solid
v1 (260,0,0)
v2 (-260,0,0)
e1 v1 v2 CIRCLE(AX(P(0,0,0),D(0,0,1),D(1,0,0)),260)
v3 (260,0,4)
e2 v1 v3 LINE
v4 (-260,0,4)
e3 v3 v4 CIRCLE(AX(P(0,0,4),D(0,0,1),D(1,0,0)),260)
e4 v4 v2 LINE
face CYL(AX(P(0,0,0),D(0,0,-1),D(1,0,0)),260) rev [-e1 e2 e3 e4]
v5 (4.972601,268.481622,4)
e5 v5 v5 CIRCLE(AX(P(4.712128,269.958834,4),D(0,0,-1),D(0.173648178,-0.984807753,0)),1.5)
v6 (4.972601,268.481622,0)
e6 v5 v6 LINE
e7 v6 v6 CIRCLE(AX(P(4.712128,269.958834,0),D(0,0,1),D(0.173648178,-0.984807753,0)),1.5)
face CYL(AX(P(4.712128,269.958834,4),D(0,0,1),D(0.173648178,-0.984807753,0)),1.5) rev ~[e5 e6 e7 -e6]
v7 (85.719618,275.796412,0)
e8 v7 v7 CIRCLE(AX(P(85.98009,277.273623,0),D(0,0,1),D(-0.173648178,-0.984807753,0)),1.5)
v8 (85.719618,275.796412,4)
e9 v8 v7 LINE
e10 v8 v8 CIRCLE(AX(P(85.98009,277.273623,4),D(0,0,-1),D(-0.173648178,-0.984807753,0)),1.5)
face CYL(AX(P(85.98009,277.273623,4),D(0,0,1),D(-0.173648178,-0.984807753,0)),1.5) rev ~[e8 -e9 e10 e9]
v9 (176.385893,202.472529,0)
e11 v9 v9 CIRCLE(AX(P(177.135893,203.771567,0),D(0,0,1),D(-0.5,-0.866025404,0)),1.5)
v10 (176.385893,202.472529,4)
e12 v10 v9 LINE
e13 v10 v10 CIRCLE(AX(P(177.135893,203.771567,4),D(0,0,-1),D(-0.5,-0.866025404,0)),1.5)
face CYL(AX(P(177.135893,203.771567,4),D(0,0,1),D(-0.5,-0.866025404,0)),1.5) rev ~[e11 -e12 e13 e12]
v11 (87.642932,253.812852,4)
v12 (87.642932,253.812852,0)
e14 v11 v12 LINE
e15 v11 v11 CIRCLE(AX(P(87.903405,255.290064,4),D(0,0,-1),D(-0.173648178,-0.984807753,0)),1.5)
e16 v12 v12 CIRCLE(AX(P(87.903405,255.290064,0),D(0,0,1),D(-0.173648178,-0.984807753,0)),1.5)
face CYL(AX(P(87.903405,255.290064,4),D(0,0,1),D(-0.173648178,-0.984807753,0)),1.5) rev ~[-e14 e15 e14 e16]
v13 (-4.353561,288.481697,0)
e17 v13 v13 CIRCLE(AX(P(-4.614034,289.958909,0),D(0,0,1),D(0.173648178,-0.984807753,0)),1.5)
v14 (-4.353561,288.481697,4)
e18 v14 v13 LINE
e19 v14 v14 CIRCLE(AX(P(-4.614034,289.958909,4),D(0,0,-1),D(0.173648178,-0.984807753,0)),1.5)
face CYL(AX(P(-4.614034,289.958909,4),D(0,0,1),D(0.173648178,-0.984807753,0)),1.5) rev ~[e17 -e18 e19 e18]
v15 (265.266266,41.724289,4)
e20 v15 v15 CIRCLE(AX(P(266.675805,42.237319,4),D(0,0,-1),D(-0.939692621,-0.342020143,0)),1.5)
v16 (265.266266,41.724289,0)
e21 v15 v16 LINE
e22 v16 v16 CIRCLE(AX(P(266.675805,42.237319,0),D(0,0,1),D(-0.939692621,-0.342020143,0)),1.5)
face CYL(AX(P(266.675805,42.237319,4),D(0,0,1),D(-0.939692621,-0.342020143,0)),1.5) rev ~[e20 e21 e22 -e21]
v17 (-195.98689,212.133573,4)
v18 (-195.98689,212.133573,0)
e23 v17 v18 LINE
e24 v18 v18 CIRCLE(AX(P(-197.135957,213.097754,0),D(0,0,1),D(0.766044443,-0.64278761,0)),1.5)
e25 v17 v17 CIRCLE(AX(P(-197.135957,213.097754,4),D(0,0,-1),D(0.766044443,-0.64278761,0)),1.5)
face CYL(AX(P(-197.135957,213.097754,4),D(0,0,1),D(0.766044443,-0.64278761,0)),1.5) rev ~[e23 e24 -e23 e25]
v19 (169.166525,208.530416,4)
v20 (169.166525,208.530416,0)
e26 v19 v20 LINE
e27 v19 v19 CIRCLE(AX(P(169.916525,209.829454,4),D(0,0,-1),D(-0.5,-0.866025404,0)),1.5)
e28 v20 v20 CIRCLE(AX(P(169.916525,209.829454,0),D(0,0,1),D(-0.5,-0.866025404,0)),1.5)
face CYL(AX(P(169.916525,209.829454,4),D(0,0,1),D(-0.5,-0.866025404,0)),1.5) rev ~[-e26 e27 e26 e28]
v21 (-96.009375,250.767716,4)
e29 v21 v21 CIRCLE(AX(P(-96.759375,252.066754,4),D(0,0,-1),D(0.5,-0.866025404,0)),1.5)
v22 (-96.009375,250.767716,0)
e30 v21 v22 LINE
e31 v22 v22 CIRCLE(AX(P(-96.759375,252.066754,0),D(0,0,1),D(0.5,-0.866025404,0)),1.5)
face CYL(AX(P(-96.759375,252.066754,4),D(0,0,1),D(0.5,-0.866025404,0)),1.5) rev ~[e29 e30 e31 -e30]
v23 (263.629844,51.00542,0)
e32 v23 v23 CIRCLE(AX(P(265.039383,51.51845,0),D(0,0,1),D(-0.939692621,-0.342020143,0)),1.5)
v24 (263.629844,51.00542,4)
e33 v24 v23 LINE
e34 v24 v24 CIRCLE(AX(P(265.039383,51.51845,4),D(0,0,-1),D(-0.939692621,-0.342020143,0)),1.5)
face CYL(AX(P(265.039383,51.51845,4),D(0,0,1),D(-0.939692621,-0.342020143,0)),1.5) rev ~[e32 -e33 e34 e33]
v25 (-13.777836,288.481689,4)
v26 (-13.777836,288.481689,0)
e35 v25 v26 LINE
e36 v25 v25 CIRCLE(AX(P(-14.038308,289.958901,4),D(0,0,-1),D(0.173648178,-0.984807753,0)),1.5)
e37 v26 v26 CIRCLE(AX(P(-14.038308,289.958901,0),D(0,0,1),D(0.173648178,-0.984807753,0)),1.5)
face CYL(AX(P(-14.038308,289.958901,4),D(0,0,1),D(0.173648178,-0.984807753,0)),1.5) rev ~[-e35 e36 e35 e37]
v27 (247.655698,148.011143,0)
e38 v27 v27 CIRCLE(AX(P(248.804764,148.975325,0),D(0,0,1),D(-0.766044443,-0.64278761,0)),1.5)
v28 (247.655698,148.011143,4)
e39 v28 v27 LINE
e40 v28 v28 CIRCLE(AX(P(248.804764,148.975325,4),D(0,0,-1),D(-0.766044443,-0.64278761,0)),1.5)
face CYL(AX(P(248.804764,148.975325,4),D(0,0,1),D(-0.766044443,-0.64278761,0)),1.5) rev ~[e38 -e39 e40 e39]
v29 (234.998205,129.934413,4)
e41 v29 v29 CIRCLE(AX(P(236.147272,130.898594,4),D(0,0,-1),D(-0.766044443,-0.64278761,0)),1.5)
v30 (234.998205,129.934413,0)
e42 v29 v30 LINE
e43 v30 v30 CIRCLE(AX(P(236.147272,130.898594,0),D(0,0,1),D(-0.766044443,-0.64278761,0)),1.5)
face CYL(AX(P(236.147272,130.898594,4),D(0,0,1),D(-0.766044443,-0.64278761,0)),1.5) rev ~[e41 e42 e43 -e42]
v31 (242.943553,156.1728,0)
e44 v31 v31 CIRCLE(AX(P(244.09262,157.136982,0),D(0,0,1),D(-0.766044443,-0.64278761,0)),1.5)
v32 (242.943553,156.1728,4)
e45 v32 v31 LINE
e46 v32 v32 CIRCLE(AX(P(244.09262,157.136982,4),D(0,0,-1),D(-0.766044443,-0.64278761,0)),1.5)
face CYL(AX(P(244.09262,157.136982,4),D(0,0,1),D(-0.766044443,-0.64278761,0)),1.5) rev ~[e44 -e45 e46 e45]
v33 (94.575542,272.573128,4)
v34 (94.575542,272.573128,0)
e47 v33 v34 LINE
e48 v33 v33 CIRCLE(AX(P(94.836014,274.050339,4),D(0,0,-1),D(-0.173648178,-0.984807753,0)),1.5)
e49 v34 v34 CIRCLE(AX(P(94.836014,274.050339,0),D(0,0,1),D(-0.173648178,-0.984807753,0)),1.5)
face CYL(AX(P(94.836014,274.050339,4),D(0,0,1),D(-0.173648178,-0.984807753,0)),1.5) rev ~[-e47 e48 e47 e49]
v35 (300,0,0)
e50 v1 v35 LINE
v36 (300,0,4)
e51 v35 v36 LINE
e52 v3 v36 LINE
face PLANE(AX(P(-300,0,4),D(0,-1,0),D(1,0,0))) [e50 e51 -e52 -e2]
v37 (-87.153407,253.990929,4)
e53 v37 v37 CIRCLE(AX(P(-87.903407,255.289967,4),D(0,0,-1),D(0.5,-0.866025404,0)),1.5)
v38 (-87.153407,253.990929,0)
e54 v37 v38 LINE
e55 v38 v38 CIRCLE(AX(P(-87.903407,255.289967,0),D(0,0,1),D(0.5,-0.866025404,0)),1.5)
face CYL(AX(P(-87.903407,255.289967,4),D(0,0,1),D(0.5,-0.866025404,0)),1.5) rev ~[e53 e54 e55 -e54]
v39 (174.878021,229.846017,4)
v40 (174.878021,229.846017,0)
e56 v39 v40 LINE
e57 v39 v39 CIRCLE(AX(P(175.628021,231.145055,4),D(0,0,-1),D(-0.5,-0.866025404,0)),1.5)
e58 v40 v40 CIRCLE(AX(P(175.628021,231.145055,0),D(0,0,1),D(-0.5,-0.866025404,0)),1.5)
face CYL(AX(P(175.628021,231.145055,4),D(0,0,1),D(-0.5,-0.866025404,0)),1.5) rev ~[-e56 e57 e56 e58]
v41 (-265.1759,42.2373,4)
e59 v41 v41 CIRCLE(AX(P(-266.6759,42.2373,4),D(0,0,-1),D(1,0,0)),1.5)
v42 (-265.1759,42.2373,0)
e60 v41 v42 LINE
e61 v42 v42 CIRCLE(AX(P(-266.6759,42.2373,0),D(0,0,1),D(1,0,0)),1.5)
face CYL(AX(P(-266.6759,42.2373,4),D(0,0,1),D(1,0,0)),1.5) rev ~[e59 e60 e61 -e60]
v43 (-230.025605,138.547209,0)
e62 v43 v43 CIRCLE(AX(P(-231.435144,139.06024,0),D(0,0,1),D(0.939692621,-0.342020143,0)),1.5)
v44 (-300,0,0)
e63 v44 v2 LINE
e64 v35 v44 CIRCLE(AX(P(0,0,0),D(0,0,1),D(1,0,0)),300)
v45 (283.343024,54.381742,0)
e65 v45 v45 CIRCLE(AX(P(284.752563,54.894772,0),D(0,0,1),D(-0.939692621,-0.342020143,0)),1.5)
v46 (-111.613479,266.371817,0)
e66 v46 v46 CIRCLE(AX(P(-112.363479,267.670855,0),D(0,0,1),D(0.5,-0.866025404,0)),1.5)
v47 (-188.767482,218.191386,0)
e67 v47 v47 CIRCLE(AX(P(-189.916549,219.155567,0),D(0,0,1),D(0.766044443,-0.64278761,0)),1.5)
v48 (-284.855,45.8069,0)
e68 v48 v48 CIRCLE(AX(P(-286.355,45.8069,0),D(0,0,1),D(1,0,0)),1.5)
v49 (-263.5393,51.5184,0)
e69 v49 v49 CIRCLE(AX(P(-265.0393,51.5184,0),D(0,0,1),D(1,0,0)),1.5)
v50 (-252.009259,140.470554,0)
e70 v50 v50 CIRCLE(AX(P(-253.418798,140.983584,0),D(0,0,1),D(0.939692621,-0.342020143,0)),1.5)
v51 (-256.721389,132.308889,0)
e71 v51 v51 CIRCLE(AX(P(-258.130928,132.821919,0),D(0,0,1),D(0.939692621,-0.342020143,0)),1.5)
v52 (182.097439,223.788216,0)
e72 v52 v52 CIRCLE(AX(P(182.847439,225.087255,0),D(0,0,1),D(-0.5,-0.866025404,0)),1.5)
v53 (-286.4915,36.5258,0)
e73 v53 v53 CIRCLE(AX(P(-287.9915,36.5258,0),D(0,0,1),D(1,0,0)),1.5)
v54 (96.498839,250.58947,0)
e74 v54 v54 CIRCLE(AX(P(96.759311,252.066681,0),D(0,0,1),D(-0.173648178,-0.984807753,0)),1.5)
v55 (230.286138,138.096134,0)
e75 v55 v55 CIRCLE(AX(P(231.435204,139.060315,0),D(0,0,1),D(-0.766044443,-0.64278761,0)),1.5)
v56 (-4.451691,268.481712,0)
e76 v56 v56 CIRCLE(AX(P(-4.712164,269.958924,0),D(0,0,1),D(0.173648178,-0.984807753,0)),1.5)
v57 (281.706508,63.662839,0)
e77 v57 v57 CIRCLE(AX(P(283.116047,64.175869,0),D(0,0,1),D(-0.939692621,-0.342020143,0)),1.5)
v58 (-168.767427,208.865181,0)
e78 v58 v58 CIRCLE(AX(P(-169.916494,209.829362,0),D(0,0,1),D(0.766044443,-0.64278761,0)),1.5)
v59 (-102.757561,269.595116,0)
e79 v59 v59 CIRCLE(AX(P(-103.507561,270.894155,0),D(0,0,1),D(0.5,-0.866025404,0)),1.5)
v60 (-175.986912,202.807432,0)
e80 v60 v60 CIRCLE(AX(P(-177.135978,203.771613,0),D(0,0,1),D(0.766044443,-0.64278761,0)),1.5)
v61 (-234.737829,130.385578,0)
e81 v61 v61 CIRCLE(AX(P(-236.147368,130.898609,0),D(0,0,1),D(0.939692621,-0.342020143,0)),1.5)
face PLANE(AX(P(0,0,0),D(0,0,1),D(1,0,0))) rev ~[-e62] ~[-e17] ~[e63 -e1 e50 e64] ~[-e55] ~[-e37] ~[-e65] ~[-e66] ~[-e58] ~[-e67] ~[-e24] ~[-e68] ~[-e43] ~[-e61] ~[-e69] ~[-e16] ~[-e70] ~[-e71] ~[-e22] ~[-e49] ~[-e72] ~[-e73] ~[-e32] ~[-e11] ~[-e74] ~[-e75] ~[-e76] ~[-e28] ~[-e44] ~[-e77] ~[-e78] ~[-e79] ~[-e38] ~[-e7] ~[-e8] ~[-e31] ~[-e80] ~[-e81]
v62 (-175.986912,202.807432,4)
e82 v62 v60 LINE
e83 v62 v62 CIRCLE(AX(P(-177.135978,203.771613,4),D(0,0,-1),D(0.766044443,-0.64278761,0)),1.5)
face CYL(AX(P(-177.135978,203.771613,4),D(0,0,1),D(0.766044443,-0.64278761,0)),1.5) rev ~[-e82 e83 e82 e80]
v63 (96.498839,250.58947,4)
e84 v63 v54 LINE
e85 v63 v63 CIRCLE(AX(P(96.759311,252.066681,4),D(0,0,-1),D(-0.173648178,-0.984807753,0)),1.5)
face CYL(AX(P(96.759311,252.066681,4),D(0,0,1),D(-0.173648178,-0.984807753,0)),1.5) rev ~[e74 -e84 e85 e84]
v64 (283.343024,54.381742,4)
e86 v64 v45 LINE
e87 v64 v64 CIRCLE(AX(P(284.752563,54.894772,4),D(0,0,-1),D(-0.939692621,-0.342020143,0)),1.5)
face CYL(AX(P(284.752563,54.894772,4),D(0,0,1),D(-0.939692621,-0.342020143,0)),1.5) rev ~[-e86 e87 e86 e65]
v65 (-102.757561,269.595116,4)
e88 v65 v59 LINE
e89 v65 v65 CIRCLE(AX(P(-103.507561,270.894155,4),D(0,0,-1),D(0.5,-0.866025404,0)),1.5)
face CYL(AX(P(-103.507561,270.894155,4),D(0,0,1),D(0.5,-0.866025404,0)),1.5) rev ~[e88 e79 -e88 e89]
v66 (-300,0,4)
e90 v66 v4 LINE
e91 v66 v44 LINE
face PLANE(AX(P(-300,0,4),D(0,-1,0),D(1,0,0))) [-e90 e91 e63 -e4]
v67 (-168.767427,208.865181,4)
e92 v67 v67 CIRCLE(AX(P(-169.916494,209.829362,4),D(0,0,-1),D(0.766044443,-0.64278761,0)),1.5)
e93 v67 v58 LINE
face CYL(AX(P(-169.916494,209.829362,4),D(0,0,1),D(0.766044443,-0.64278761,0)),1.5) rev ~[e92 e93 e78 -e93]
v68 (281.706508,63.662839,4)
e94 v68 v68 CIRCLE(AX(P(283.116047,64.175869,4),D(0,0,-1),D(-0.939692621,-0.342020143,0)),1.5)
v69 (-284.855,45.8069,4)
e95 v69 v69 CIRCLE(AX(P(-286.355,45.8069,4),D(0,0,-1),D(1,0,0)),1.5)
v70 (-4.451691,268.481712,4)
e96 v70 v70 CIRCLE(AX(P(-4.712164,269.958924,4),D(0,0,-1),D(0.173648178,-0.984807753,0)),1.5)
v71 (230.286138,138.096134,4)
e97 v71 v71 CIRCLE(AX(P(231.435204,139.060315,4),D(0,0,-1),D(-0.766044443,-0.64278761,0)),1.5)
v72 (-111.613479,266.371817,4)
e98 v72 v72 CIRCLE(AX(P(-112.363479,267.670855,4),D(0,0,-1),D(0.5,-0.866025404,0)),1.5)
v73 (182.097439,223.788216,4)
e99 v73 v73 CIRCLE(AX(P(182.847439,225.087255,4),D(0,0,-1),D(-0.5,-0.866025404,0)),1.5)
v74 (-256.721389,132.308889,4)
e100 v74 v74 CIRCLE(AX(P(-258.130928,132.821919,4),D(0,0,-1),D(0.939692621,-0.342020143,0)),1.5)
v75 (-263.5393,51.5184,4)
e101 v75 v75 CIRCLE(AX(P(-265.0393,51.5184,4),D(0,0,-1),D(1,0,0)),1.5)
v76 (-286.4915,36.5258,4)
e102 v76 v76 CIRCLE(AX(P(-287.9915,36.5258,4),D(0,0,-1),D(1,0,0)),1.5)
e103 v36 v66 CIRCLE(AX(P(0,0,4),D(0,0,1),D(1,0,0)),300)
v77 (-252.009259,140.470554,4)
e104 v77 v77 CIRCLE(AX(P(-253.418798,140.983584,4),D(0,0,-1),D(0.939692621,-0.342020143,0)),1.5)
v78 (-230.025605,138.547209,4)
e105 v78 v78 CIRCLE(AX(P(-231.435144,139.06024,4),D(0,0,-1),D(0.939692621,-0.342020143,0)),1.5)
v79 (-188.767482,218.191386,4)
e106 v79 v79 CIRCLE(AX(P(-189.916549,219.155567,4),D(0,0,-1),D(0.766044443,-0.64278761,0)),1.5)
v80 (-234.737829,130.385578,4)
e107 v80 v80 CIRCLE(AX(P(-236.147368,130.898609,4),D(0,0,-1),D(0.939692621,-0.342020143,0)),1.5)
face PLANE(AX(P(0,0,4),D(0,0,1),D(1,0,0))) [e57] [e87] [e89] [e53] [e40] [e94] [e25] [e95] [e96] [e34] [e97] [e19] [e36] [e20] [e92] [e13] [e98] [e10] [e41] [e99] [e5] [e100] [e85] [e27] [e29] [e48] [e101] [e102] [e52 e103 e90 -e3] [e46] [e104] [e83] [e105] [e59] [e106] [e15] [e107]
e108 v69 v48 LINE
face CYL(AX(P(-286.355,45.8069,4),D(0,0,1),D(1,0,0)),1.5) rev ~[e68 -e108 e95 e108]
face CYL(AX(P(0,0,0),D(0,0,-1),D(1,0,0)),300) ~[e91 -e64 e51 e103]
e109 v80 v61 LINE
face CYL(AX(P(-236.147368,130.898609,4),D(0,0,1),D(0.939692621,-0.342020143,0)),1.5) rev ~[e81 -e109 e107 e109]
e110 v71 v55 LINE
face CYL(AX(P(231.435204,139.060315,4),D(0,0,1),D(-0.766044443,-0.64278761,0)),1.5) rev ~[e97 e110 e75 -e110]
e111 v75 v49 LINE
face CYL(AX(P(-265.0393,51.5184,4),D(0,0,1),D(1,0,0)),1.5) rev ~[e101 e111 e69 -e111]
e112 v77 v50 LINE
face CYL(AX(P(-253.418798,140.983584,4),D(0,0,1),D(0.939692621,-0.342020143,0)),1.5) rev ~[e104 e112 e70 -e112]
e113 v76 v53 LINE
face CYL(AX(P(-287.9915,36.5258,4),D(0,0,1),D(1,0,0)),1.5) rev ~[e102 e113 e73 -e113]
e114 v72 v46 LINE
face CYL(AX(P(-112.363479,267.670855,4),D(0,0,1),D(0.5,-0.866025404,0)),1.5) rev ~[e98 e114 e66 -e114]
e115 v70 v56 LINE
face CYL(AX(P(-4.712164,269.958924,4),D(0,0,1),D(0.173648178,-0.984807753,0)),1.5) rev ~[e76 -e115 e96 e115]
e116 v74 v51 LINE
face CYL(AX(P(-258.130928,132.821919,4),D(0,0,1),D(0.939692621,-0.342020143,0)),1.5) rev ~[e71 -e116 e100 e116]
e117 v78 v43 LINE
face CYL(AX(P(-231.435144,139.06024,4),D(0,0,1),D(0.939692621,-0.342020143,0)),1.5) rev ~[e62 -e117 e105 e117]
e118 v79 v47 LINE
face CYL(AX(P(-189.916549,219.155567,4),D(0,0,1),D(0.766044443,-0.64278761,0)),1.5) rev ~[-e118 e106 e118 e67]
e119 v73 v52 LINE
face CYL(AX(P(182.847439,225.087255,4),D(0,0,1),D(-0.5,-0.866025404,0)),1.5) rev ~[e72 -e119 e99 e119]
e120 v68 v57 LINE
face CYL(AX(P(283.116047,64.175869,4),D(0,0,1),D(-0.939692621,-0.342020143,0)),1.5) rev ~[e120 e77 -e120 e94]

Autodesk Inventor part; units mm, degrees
ref_plane "YZ Plane" through (0, 0, 0) normal (1, 0, 0) x (0, 1, 0)
ref_plane "XZ Plane" through (0, 0, 0) normal (0, 1, 0) x (-1, 0, 0)
ref_plane "XY Plane" through (0, 0, 0) normal (0, 0, 1) x (1, 0, 0)
sketch "Sketch1" plane through (0, 0, 0) normal (0, 0, 1) x (1, 0, 0)
  circle A0 centre (0, 0) radius 260
  circle A1 centre (0, 0) radius 300
  dimension "d0" = 600
  dimension "d1" = 40
extrude "Extrusion1" add sketch "Sketch1" along normal blind 4
sketch "Sketch2" plane through (0, 0, 4) normal (0, 0, 1) x (1, 0, 0)
  line L0 (-300, 0) -> (300, 0)
  line L1 (300, 0) -> (300, -300)
  line L2 (300, -300) -> (-300, -300)
  line L3 (-300, -300) -> (-300, 0)
  circle A0 centre (0, 0) radius 300 projected
  line L4 (-420, 0) -> (420, 0) projected
extrude "Extrusion2" cut sketch "Sketch2" against normal blind 10 contours L0 A0 picked at (-23.3445, -97.237)
sketch "Sketch3" plane through (0, 0, 4) normal (0, 0, 1) x (1, 0, 0)
  circle A0 centre (-287.9915, 36.5258) radius 1.5
  arc A1 (300, 0) -> (-300, 0) centre (0, 0) ccw projected
  circle A2 centre (-266.6759, 42.2373) radius 1.5
  line L0 (-420, 0) -> (420, 0) projected
  circle A3 centre (-286.355, 45.8069) radius 1.5
  circle A4 centre (-265.0393, 51.5184) radius 1.5
  line L1 (-266.6759, 42.2373) -> (-287.9915, 36.5258)
  line L2 (-287.9915, 36.5258) -> (-286.355, 45.8069)
  line L3 (-286.355, 45.8069) -> (-265.0393, 51.5184)
  line L4 (-265.0393, 51.5184) -> (-266.6759, 42.2373)
  line L5 (-265.0393, 51.5184) -> (0, 0)
  line L6 (0, 0) -> (-266.6759, 42.2373)
  dimension "d6" = 3
  dimension "d7" = 3
  dimension "d9" = 270
  dimension "d11" = 3
  dimension "d12" = 3
  dimension "d14" = 270
  dimension "d21" = 115
  dimension "d22" = 20
  dimension "d23" = 9
  dimension "d24" = 11
extrude "Extrusion3" cut sketch "Sketch3" against normal through all contours A0 L2 L1 | L1 L2 A0 | L1 L6 A2 | A2 L4 L1 | L2 L3 A3 | A3 L3 L2 | A2 L6 L4 | L4 L5 A4 | A4 L3 L4 | A4 L5 L3
pattern_circular "Circular Pattern1" count 9 over 160 about axis through (0, 0, 0) along (0, 0, -1) of "Extrusion3"
properties part number "wheel1"
